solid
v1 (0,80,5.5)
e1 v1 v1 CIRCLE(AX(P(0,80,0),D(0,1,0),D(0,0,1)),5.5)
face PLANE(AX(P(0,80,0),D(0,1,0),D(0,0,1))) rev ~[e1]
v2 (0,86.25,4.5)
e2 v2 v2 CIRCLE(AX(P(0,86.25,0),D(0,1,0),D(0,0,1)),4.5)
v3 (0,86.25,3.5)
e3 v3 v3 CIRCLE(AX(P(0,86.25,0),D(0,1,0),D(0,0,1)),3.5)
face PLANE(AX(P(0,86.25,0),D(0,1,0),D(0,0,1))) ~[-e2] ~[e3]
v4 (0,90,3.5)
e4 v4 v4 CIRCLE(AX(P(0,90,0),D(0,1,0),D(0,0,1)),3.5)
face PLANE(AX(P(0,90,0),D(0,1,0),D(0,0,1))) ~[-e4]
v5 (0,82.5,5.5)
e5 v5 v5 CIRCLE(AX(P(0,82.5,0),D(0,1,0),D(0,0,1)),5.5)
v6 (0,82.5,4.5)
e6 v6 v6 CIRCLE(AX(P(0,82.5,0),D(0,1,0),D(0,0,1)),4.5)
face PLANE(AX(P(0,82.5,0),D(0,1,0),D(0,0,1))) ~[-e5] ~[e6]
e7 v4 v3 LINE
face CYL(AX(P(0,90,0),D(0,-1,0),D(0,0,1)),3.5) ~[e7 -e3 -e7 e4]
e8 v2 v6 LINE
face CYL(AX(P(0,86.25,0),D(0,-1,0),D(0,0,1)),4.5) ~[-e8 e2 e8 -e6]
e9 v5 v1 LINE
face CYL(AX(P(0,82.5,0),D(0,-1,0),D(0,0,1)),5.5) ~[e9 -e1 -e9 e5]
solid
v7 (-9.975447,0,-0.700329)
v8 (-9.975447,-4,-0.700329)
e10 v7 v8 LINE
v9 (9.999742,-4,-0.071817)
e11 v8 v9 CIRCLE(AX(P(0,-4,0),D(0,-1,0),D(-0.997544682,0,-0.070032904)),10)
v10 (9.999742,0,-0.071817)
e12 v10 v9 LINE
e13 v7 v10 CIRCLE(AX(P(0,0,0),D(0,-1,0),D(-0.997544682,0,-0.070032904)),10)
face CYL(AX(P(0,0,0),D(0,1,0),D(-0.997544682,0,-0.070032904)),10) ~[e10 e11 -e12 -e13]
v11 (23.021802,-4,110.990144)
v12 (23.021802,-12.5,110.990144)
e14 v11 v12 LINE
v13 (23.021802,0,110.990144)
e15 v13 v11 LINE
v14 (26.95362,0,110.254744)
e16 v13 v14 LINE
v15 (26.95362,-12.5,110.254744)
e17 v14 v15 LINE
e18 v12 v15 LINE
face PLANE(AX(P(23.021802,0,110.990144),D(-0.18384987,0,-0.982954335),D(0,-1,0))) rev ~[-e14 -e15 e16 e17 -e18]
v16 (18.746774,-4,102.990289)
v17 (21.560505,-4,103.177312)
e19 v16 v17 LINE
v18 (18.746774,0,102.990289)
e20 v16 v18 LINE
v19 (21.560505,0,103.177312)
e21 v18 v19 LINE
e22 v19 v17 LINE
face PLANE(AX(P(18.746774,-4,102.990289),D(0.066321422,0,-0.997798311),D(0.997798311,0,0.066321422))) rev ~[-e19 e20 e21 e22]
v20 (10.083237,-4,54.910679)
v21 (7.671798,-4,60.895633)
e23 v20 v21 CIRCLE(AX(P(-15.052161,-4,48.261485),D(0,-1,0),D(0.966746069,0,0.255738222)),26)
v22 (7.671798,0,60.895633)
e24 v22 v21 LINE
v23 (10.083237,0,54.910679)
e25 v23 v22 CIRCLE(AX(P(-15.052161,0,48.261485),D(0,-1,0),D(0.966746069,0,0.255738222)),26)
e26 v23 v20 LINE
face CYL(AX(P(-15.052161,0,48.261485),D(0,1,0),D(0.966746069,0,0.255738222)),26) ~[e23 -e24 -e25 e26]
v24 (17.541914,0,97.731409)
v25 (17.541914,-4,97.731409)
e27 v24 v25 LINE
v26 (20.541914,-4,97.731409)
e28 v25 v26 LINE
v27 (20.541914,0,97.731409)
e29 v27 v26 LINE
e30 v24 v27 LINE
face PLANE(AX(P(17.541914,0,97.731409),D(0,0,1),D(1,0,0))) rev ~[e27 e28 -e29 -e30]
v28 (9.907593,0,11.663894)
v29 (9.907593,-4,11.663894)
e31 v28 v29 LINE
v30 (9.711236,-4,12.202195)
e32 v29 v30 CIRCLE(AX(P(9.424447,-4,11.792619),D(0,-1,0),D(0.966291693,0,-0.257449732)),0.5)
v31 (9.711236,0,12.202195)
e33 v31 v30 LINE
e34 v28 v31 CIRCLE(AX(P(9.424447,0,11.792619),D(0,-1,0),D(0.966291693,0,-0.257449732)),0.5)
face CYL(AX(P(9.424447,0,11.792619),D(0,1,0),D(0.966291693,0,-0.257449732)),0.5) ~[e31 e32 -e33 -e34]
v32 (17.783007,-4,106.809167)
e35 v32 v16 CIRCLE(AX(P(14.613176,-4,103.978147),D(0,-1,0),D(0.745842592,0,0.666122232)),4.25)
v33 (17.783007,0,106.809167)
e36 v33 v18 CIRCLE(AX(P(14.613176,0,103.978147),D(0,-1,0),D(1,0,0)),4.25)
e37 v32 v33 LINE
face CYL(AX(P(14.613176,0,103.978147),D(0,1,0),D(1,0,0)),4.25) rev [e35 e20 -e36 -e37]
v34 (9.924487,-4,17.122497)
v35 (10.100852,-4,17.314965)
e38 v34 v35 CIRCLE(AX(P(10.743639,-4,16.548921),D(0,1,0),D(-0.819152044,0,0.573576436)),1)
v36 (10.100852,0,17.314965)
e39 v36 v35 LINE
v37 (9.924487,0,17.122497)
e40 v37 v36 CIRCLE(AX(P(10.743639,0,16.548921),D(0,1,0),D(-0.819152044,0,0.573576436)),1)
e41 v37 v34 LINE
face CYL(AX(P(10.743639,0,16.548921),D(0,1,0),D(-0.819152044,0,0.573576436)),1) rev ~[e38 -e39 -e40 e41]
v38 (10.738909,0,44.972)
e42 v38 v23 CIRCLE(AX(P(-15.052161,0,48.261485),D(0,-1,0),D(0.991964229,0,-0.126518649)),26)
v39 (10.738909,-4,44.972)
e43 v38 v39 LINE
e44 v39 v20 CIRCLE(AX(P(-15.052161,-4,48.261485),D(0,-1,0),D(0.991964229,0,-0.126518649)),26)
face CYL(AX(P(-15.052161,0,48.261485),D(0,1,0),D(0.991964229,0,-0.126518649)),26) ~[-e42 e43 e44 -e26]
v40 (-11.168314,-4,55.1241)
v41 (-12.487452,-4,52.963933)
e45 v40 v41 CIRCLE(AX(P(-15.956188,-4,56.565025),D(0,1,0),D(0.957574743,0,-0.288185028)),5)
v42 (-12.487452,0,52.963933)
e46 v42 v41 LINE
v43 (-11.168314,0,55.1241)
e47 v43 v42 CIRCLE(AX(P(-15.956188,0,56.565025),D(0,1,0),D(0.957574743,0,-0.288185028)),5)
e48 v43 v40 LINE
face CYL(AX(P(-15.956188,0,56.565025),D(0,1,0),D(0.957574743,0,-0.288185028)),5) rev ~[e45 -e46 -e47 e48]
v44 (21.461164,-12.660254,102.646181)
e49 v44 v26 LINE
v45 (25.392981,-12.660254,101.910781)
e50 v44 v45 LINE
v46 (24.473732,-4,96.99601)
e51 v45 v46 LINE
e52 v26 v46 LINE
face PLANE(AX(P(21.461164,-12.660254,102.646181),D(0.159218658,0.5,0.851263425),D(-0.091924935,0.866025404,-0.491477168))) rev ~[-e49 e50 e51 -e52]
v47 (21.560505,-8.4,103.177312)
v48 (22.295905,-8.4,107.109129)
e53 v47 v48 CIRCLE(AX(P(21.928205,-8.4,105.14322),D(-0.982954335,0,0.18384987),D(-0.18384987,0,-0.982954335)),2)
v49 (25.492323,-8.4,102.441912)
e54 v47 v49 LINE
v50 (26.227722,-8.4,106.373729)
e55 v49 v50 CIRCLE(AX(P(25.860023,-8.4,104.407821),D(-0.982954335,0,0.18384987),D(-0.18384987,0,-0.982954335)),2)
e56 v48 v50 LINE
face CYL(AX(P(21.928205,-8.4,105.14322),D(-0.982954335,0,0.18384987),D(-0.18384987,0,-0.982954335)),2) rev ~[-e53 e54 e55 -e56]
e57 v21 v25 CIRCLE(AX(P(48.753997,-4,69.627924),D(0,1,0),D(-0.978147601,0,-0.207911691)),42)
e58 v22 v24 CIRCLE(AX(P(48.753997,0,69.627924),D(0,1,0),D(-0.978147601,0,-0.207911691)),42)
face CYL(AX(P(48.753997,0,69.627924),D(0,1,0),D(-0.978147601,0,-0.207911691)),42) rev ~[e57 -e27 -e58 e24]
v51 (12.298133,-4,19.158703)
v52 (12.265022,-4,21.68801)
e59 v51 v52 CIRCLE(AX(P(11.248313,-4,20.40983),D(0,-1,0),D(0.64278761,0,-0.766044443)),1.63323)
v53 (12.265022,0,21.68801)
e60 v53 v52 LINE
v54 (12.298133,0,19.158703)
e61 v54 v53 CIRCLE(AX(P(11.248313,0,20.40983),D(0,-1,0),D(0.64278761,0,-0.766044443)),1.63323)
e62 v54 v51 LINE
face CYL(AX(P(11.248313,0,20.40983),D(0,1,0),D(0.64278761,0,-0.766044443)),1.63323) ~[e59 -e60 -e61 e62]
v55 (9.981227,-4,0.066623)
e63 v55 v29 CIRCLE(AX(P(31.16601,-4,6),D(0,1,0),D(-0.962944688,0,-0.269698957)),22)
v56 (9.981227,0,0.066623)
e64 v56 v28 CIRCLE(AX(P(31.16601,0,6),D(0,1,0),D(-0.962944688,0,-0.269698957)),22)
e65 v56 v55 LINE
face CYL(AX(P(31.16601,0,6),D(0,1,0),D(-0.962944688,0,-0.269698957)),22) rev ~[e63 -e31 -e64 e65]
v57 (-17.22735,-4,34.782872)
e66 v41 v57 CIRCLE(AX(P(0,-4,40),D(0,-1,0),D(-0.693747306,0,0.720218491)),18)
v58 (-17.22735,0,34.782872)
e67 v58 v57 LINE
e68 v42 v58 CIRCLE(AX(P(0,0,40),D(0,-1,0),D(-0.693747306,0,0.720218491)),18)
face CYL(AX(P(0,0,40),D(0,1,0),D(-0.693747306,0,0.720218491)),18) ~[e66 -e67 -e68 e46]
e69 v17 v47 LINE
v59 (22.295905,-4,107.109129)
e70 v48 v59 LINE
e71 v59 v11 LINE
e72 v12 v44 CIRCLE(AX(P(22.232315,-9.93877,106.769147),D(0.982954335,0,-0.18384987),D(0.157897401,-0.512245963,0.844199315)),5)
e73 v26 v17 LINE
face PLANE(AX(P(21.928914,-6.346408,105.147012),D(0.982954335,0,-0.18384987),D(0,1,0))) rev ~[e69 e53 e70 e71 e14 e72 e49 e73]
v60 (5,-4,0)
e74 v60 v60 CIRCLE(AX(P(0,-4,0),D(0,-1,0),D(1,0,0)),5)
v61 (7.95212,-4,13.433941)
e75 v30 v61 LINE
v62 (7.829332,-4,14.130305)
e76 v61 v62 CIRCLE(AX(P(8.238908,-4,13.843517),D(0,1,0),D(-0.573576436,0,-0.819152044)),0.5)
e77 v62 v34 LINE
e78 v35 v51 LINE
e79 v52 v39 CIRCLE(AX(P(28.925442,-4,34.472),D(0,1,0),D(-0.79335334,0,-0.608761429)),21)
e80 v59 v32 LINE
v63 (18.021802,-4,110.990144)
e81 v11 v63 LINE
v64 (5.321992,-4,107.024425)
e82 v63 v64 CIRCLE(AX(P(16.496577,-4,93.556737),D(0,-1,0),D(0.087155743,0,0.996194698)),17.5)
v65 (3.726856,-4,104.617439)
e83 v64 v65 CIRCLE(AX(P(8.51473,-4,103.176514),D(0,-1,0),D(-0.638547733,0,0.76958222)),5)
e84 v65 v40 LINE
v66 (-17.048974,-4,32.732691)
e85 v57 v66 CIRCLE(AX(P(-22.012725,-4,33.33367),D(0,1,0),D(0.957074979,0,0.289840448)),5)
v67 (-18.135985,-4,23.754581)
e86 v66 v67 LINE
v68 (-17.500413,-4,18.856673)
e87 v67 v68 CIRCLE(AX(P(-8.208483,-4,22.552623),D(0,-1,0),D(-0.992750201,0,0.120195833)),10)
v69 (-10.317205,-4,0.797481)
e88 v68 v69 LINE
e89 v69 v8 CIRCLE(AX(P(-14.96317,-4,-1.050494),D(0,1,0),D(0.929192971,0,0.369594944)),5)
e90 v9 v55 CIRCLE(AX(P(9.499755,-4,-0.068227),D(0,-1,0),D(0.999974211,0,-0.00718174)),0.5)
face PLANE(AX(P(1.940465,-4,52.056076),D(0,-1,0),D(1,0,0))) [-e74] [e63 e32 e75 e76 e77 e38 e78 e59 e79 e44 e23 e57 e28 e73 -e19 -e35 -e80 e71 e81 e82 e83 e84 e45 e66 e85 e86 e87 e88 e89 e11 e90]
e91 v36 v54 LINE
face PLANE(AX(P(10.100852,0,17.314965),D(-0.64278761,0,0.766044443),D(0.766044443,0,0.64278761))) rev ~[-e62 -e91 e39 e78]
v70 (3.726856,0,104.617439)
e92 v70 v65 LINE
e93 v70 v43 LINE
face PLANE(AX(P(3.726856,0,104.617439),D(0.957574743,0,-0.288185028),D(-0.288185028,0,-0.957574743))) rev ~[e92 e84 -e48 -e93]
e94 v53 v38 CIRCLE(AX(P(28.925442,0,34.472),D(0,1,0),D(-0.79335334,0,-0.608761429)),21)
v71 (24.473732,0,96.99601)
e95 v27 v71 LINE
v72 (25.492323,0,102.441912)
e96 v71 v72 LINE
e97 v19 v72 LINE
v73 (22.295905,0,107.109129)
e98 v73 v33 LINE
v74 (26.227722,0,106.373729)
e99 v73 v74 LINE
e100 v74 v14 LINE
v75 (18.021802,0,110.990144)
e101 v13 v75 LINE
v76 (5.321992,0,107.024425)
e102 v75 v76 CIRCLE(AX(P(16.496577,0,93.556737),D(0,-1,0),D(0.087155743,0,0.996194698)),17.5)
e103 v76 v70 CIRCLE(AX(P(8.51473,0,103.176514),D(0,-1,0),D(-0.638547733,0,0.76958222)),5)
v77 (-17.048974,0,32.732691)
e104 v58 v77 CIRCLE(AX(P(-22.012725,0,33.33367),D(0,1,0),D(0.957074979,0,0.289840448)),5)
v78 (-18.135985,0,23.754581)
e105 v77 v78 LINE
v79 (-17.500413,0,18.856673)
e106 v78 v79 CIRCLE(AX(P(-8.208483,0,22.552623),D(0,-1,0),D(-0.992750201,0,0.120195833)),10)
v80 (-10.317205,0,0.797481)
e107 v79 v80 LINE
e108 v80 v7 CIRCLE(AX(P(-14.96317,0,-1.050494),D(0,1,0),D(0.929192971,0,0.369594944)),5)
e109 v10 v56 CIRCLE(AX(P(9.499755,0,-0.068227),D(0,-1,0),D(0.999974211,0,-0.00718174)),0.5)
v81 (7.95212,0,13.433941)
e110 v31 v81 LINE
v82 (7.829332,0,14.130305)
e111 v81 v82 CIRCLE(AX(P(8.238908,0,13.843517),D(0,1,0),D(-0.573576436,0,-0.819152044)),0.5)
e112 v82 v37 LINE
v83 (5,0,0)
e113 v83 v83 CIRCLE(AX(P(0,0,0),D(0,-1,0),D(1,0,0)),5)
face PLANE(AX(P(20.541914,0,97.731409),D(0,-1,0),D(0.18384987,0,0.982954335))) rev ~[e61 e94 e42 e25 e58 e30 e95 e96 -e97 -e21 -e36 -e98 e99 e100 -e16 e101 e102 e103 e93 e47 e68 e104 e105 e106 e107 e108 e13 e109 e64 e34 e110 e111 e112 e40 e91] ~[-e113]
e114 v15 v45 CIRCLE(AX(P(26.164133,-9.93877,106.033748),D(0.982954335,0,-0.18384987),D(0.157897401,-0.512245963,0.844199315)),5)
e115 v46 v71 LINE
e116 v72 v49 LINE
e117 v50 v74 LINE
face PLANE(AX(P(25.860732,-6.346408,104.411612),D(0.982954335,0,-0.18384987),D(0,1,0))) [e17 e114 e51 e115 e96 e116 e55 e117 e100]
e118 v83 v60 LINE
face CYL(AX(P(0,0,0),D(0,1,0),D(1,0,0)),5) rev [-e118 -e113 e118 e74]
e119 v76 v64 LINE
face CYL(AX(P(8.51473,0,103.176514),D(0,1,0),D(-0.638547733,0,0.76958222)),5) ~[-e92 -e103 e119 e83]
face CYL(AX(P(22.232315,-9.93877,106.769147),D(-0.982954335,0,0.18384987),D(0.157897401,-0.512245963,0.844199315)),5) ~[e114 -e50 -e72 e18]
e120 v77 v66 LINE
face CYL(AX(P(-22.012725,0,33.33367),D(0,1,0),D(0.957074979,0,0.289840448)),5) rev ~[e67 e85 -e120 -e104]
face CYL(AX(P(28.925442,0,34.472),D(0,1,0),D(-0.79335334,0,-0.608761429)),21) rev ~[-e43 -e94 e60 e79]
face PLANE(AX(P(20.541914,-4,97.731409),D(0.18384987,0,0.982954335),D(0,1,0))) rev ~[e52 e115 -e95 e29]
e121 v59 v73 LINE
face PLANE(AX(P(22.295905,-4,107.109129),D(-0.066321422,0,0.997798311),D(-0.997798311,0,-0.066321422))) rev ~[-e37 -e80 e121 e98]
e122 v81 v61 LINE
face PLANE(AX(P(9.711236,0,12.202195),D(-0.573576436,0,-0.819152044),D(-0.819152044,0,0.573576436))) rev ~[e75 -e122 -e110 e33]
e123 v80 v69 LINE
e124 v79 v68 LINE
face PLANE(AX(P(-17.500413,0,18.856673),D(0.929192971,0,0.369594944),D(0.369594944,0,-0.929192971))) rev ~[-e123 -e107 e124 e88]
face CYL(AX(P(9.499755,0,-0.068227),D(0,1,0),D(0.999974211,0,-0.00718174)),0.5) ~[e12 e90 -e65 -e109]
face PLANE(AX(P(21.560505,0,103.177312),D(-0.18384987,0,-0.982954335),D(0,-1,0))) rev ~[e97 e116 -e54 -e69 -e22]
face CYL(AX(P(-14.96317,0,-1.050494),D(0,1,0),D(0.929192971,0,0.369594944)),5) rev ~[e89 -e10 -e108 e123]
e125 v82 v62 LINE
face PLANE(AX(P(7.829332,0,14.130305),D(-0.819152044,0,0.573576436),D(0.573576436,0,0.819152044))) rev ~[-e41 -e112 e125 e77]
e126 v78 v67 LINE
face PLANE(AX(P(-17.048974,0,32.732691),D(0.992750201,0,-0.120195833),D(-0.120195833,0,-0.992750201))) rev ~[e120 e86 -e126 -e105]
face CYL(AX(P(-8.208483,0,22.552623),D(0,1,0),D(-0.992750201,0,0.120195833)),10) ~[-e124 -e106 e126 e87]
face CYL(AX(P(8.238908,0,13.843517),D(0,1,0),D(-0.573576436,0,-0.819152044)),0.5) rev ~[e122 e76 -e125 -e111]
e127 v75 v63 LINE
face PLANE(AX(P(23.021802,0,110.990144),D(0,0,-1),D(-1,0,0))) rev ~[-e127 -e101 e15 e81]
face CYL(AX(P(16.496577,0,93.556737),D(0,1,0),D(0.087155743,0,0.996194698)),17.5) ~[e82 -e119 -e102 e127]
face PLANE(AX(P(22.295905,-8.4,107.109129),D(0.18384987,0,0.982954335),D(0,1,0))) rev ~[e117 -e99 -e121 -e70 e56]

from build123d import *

# Parameters (mm, degrees)
F0_R     = 5
F0_R_2   = 4.25
F1_DEPTH = 4
F3_DEPTH = 4
F5_DEPTH = 25


with BuildPart() as f1:
    # F0 (on Front) → F1 (new body)
    with BuildSketch(Plane.XZ):
        with BuildLine():
            ThreePointArc((12.2650222898, 21.6880099312), (7.9704050479, 33.0985342265), (10.7389089564, 44.9719999404))
            ThreePointArc((10.7389089564, 44.9719999404), (10.8914434684, 49.9730301536), (10.0832368005, 54.9106785769))
            ThreePointArc((10.0832368005, 54.9106785769), (9.0639005375, 57.9782526004), (7.671797859, 60.8956327502))
            ThreePointArc((7.671797859, 60.8956327502), (8.1851123857, 80.4983236589), (17.5419144198, 97.7314092316))
            Line((17.5419144198, 97.7314092316), (20.5419144198, 97.7314092316))
            Line((20.5419144198, 97.7314092316), (23.0218023764, 110.9901437528))
            Line((23.0218023764, 110.9901437528), (18.0218023764, 110.9901437528))
            ThreePointArc((18.0218023764, 110.9901437528), (11.2803266129, 110.2612488956), (5.3219915514, 107.0244253791))
            ThreePointArc((5.3219915514, 107.0244253791), (4.3468843881, 105.9385897965), (3.7268564987, 104.6174394233))
            Line((3.7268564987, 104.6174394233), (-11.1683143292, 55.1241001526))
            ThreePointArc((-11.1683143292, 55.1241001526), (-11.6889308588, 53.9591634235), (-12.4874515148, 52.9639328394))
            ThreePointArc((-12.4874515148, 52.9639328394), (-17.4178097195, 44.5409145086), (-17.2273496163, 34.7828719397))
            ThreePointArc((-17.2273496163, 34.7828719397), (-17.0315424316, 33.7670576387), (-17.0489735044, 32.732690535))
            Line((-17.0489735044, 32.732690535), (-18.1359854504, 23.7545812302))
            ThreePointArc((-18.1359854504, 23.7545812302), (-18.1253384879, 21.2657717208), (-17.5004131485, 18.8566734554))
            Line((-17.5004131485, 18.8566734554), (-10.3172053735, 0.7974811558))
            ThreePointArc((-10.3172053735, 0.7974811558), (-10.0884552373, 0.0617805734), (-9.9754468186, -0.700329044))
            ThreePointArc((-9.9754468186, -0.700329044), (0.3144905166, -9.9950535624), (9.9997421097, -0.071817406))
            ThreePointArc((9.9997421097, -0.071817406), (9.9953426305, -0.0019475446), (9.9812273483, 0.0666229429))
            ThreePointArc((9.9812273483, 0.0666229429), (9.1664539194, 5.860319077), (9.9075932487, 11.6638941071))
            ThreePointArc((9.9075932487, 11.6638941071), (9.8941724043, 11.9639619698), (9.7112356205, 12.2021949953))
            Line((9.7112356205, 12.2021949953), (7.9521198893, 13.4339410909))
            ThreePointArc((7.9521198893, 13.4339410909), (7.7465042309, 13.7566930242), (7.8293320853, 14.1303053312))
            Line((7.8293320853, 14.1303053312), (9.9244872296, 17.1224969743))
            ThreePointArc((9.9244872296, 17.1224969743), (10.0063619371, 17.2245107456), (10.1008516642, 17.3149649811))
            Line((10.1008516642, 17.3149649811), (12.2981333294, 19.1587032159))
            ThreePointArc((12.2981333294, 19.1587032159), (12.8814034736, 20.4312088641), (12.2650222898, 21.6880099312))
        make_face()
        Circle(F0_R, mode=Mode.SUBTRACT)
        with Locations((14.6131756008, 103.9781472179)):
            Circle(F0_R_2, mode=Mode.SUBTRACT)
    extrude(amount=F1_DEPTH)

    # F2 (on face) → F3 (join)
    with BuildSketch(Plane(origin=(2.1859498324, 0, -0.4088558116), x_dir=(0, 1, 0), z_dir=(0.9829543353, 0, -0.18384987))):
        with BuildLine():
            Line((-12.6602540378, 104.8421406956), (-4, 99.8421406956))
            Line((-4, 99.8421406956), (0, 99.8421406956))
            Line((0, 99.8421406956), (0, 105.3824818801))
            Line((0, 105.3824818801), (-8.4, 105.3824818801))
            ThreePointArc((-8.4, 105.3824818801), (-10.4, 107.3824818801), (-8.4, 109.3824818801))
            Line((-8.4, 109.3824818801), (0, 109.3824818801))
            Line((0, 109.3824818801), (0, 113.3307983523))
            Line((0, 113.3307983523), (-4, 113.3307983523))
            Line((-4, 113.3307983523), (-12.5, 113.3307983523))
            ThreePointArc((-12.5, 113.3307983523), (-14.9378794182, 109.1309806066), (-12.6602540378, 104.8421406956))
        make_face()
    extrude(amount=F3_DEPTH)

    # F4 (on face) → F5 (cut)
    with BuildSketch(Plane.XZ.offset(4)):
        with BuildLine():
            ThreePointArc((18.7467740956, 102.9902891897), (18.8339749092, 103.4808010622), (18.8631756008, 103.9781472179))
            ThreePointArc((18.8631756008, 103.9781472179), (18.5839615318, 105.4931914715), (17.783006617, 106.8091667036))
            ThreePointArc((17.783006617, 106.8091667036), (10.4923774958, 102.9381842484), (18.7467740956, 102.9902891897))
        make_face()
        with BuildLine():
            ThreePointArc((17.783006617, 106.8091667036), (18.5839615318, 105.4931914715), (18.8631756008, 103.9781472179))
            ThreePointArc((18.8631756008, 103.9781472179), (18.8339749092, 103.4808010622), (18.7467740956, 102.9902891897))
            Line((18.7467740956, 102.9902891897), (21.5605054263, 103.177311618))
            Line((21.5605054263, 103.177311618), (22.2959049063, 107.1091289592))
            Line((22.2959049063, 107.1091289592), (17.783006617, 106.8091667036))
        make_face()
    extrude(amount=-F5_DEPTH, mode=Mode.SUBTRACT)


with BuildPart() as f7:
    # F6 (on Right) → F7 (revolve)
    with BuildSketch(Plane.YZ):
        Polygon((80, 5.5), (80, 0), (90, 0), (90, 3.5), (86.25, 3.5), (86.25, 4.5), (82.5, 4.5), (82.5, 5.5), align=None)
    revolve(axis=Axis((0, 85, 0), (0, 1, 0)))


solid = Compound([f1.part, f7.part])
